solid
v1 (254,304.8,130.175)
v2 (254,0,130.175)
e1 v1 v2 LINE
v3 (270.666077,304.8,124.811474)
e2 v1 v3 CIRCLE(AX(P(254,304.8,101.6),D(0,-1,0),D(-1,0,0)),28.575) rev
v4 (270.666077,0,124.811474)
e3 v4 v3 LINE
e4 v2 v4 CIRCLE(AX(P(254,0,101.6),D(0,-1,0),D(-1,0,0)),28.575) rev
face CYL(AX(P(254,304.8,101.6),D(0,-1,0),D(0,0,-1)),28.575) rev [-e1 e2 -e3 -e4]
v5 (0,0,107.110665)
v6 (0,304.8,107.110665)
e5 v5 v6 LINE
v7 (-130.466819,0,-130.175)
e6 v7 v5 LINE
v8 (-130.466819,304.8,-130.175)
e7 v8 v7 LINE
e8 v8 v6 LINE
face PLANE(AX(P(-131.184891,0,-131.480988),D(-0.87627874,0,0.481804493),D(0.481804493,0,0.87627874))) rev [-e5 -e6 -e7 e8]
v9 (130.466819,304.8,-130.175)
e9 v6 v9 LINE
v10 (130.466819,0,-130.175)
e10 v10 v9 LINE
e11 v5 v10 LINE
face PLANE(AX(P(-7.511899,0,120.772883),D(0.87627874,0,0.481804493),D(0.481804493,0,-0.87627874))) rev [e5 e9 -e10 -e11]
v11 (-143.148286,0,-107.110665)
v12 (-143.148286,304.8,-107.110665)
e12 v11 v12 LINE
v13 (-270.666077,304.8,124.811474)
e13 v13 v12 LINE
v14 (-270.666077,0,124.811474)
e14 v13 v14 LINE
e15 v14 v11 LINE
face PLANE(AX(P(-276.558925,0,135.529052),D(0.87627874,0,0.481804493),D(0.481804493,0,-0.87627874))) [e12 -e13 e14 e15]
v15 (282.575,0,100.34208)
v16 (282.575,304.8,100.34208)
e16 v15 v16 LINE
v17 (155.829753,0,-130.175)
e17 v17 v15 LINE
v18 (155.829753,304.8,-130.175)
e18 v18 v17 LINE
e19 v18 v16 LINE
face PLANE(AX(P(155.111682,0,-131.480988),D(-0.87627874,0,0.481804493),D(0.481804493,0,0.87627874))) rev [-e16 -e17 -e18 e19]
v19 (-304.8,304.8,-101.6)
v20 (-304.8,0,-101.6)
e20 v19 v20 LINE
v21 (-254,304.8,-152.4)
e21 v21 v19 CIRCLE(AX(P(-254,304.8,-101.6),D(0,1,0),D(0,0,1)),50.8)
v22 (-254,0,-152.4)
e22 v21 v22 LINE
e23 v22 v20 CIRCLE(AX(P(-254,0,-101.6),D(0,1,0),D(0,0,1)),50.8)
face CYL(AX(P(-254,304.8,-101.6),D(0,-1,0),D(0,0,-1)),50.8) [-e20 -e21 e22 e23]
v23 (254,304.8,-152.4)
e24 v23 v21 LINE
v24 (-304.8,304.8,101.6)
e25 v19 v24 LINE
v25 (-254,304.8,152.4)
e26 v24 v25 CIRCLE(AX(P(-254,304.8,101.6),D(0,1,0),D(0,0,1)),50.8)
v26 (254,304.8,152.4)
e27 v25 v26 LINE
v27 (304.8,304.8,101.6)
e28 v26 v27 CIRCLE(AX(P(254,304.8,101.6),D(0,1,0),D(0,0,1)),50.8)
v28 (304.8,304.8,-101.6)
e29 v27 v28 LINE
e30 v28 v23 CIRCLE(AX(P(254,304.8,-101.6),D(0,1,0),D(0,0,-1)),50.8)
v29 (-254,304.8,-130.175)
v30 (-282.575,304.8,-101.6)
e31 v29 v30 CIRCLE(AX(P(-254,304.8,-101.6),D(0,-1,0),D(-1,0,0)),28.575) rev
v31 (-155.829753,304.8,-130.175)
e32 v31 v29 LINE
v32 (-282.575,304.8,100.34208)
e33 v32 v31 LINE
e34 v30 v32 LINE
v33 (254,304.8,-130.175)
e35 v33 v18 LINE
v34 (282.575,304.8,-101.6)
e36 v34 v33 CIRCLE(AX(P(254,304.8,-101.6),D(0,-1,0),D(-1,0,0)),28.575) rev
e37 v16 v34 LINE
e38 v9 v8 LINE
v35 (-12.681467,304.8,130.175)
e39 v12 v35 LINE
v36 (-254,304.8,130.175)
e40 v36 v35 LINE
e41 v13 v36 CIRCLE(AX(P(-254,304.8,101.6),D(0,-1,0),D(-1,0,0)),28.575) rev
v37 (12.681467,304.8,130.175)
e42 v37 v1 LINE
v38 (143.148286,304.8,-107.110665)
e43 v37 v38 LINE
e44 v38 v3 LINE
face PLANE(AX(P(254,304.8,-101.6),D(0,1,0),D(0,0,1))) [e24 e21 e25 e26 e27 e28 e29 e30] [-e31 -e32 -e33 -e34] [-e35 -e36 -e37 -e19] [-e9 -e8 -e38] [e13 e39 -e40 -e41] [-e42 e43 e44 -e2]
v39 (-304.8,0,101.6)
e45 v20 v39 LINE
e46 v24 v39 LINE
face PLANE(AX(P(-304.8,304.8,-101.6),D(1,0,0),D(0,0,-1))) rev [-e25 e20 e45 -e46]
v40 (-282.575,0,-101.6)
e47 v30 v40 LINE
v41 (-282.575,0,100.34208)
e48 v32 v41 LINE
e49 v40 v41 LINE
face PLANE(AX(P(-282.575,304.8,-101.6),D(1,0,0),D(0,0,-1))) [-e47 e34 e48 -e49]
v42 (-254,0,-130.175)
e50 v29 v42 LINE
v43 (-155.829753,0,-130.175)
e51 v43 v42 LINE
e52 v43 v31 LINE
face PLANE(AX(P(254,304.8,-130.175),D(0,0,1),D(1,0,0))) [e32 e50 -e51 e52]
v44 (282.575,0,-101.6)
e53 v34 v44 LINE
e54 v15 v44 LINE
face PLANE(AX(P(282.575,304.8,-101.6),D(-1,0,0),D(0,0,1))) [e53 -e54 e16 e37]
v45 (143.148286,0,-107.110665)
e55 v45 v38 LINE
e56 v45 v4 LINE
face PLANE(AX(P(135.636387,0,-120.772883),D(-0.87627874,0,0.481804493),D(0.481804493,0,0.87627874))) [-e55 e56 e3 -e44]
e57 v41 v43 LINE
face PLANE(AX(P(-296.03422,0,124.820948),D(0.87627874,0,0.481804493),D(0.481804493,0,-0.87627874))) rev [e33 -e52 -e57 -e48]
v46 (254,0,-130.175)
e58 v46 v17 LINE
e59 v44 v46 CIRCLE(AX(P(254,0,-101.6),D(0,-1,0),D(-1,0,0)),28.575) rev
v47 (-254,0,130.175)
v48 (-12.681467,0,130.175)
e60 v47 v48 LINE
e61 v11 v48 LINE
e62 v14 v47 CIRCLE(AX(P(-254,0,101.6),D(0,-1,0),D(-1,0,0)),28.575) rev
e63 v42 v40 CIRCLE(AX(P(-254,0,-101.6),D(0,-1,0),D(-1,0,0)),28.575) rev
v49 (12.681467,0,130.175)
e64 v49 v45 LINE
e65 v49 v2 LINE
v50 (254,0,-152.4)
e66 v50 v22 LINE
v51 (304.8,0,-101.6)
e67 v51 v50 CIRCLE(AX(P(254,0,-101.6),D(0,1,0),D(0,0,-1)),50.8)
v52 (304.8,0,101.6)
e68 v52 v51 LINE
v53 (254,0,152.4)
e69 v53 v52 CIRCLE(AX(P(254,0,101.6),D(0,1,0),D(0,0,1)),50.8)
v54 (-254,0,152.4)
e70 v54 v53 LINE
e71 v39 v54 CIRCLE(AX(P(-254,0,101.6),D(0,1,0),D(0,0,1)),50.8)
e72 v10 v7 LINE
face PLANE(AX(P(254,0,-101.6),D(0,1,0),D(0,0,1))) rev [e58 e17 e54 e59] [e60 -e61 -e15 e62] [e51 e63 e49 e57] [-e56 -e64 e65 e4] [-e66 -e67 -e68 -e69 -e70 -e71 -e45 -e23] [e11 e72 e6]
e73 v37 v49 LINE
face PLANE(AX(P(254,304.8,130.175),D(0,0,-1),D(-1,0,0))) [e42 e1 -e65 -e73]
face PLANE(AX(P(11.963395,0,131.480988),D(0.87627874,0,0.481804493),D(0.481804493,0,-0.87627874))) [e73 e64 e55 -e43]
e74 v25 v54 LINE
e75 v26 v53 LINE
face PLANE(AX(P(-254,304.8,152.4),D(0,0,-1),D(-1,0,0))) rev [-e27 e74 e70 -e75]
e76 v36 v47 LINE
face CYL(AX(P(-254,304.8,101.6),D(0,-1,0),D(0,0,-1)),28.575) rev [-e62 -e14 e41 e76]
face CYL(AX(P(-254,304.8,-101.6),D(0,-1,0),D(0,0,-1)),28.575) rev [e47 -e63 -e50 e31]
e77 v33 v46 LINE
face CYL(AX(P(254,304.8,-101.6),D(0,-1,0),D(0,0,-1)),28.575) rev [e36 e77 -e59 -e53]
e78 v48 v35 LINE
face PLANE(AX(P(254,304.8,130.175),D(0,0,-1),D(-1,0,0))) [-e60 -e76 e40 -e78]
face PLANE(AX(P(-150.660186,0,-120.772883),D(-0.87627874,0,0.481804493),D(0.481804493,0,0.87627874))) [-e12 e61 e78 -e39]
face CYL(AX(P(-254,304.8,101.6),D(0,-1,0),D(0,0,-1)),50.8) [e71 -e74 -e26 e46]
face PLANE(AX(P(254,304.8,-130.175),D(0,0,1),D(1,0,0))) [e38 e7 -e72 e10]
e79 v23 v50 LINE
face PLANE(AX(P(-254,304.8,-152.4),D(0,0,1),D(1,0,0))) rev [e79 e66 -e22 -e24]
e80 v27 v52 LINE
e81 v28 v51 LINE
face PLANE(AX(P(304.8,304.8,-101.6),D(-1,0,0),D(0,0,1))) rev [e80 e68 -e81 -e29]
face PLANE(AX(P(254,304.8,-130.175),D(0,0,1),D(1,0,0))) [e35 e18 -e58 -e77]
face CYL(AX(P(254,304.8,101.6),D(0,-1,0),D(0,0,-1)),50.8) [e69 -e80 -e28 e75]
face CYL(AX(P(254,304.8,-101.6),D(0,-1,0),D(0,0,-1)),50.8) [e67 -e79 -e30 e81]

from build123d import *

# Parameters (mm, degrees)
EXTRUDE_THIN1_DEPTH = 304.8
EXTRUDE_THIN3_DEPTH = 304.8


with BuildPart() as part:
    # Sketch1 → Extrude-Thin1 (new body)
    with BuildSketch(Plane(origin=(0, 0, 0), x_dir=(1, 0, 0), z_dir=(0, 1, 0))):
        with BuildLine():
            Line((-254, 152.4), (254, 152.4))
            ThreePointArc((254, 152.4), (289.921024484, 137.521024484), (304.8, 101.6))
            Line((304.8, 101.6), (304.8, -101.6))
            ThreePointArc((304.8, -101.6), (289.921024484, -137.521024484), (254, -152.4))
            Line((254, -152.4), (-254, -152.4))
            ThreePointArc((-254, -152.4), (-289.921024484, -137.521024484), (-304.8, -101.6))
            Line((-304.8, -101.6), (-304.8, 101.6))
            ThreePointArc((-304.8, 101.6), (-289.921024484, 137.521024484), (-254, 152.4))
        make_face()
        with BuildLine():
            Line((-254, 130.175), (254, 130.175))
            ThreePointArc((254, 130.175), (274.205576272, 121.805576272), (282.575, 101.6))
            Line((282.575, 101.6), (282.575, -101.6))
            ThreePointArc((282.575, -101.6), (274.205576272, -121.805576272), (254, -130.175))
            Line((254, -130.175), (-254, -130.175))
            ThreePointArc((-254, -130.175), (-274.205576272, -121.805576272), (-282.575, -101.6))
            Line((-282.575, -101.6), (-282.575, 101.6))
            ThreePointArc((-282.575, 101.6), (-274.205576272, 121.805576272), (-254, 130.175))
        make_face(mode=Mode.SUBTRACT)
    extrude(amount=EXTRUDE_THIN1_DEPTH)

    # Sketch2 → Extrude-Thin3 (add)
    with BuildSketch(Plane(origin=(0, 304.8, 0), x_dir=(1, 0, 0), z_dir=(0, 1, 0))):
        with BuildLine():
            Line((-276.558924799, -135.529052432), (-143.148286149, 107.110665493))
            Line((-143.148286149, 107.110665493), (-11.963395498, -131.480987957))
            ThreePointArc((-11.963395498, -131.480987957), (0, -138.555652113), (11.963395498, -131.480987957))
            Line((11.963395498, -131.480987957), (143.148286149, 107.110665493))
            Line((143.148286149, 107.110665493), (276.558924799, -135.529052432))
            Line((276.558924799, -135.529052432), (296.034219796, -124.820947568))
            Line((296.034219796, -124.820947568), (155.111681647, 131.480987957))
            ThreePointArc((155.111681647, 131.480987957), (143.148286149, 138.555652113), (131.18489065, 131.480987957))
            Line((131.18489065, 131.480987957), (0, -107.110665493))
            Line((0, -107.110665493), (-131.18489065, 131.480987957))
            ThreePointArc((-131.18489065, 131.480987957), (-143.148286149, 138.555652113), (-155.111681647, 131.480987957))
            Line((-155.111681647, 131.480987957), (-296.034219796, -124.820947568))
            Line((-296.034219796, -124.820947568), (-276.558924799, -135.529052432))
        make_face()
    extrude(amount=-EXTRUDE_THIN3_DEPTH)


solid = part.part
